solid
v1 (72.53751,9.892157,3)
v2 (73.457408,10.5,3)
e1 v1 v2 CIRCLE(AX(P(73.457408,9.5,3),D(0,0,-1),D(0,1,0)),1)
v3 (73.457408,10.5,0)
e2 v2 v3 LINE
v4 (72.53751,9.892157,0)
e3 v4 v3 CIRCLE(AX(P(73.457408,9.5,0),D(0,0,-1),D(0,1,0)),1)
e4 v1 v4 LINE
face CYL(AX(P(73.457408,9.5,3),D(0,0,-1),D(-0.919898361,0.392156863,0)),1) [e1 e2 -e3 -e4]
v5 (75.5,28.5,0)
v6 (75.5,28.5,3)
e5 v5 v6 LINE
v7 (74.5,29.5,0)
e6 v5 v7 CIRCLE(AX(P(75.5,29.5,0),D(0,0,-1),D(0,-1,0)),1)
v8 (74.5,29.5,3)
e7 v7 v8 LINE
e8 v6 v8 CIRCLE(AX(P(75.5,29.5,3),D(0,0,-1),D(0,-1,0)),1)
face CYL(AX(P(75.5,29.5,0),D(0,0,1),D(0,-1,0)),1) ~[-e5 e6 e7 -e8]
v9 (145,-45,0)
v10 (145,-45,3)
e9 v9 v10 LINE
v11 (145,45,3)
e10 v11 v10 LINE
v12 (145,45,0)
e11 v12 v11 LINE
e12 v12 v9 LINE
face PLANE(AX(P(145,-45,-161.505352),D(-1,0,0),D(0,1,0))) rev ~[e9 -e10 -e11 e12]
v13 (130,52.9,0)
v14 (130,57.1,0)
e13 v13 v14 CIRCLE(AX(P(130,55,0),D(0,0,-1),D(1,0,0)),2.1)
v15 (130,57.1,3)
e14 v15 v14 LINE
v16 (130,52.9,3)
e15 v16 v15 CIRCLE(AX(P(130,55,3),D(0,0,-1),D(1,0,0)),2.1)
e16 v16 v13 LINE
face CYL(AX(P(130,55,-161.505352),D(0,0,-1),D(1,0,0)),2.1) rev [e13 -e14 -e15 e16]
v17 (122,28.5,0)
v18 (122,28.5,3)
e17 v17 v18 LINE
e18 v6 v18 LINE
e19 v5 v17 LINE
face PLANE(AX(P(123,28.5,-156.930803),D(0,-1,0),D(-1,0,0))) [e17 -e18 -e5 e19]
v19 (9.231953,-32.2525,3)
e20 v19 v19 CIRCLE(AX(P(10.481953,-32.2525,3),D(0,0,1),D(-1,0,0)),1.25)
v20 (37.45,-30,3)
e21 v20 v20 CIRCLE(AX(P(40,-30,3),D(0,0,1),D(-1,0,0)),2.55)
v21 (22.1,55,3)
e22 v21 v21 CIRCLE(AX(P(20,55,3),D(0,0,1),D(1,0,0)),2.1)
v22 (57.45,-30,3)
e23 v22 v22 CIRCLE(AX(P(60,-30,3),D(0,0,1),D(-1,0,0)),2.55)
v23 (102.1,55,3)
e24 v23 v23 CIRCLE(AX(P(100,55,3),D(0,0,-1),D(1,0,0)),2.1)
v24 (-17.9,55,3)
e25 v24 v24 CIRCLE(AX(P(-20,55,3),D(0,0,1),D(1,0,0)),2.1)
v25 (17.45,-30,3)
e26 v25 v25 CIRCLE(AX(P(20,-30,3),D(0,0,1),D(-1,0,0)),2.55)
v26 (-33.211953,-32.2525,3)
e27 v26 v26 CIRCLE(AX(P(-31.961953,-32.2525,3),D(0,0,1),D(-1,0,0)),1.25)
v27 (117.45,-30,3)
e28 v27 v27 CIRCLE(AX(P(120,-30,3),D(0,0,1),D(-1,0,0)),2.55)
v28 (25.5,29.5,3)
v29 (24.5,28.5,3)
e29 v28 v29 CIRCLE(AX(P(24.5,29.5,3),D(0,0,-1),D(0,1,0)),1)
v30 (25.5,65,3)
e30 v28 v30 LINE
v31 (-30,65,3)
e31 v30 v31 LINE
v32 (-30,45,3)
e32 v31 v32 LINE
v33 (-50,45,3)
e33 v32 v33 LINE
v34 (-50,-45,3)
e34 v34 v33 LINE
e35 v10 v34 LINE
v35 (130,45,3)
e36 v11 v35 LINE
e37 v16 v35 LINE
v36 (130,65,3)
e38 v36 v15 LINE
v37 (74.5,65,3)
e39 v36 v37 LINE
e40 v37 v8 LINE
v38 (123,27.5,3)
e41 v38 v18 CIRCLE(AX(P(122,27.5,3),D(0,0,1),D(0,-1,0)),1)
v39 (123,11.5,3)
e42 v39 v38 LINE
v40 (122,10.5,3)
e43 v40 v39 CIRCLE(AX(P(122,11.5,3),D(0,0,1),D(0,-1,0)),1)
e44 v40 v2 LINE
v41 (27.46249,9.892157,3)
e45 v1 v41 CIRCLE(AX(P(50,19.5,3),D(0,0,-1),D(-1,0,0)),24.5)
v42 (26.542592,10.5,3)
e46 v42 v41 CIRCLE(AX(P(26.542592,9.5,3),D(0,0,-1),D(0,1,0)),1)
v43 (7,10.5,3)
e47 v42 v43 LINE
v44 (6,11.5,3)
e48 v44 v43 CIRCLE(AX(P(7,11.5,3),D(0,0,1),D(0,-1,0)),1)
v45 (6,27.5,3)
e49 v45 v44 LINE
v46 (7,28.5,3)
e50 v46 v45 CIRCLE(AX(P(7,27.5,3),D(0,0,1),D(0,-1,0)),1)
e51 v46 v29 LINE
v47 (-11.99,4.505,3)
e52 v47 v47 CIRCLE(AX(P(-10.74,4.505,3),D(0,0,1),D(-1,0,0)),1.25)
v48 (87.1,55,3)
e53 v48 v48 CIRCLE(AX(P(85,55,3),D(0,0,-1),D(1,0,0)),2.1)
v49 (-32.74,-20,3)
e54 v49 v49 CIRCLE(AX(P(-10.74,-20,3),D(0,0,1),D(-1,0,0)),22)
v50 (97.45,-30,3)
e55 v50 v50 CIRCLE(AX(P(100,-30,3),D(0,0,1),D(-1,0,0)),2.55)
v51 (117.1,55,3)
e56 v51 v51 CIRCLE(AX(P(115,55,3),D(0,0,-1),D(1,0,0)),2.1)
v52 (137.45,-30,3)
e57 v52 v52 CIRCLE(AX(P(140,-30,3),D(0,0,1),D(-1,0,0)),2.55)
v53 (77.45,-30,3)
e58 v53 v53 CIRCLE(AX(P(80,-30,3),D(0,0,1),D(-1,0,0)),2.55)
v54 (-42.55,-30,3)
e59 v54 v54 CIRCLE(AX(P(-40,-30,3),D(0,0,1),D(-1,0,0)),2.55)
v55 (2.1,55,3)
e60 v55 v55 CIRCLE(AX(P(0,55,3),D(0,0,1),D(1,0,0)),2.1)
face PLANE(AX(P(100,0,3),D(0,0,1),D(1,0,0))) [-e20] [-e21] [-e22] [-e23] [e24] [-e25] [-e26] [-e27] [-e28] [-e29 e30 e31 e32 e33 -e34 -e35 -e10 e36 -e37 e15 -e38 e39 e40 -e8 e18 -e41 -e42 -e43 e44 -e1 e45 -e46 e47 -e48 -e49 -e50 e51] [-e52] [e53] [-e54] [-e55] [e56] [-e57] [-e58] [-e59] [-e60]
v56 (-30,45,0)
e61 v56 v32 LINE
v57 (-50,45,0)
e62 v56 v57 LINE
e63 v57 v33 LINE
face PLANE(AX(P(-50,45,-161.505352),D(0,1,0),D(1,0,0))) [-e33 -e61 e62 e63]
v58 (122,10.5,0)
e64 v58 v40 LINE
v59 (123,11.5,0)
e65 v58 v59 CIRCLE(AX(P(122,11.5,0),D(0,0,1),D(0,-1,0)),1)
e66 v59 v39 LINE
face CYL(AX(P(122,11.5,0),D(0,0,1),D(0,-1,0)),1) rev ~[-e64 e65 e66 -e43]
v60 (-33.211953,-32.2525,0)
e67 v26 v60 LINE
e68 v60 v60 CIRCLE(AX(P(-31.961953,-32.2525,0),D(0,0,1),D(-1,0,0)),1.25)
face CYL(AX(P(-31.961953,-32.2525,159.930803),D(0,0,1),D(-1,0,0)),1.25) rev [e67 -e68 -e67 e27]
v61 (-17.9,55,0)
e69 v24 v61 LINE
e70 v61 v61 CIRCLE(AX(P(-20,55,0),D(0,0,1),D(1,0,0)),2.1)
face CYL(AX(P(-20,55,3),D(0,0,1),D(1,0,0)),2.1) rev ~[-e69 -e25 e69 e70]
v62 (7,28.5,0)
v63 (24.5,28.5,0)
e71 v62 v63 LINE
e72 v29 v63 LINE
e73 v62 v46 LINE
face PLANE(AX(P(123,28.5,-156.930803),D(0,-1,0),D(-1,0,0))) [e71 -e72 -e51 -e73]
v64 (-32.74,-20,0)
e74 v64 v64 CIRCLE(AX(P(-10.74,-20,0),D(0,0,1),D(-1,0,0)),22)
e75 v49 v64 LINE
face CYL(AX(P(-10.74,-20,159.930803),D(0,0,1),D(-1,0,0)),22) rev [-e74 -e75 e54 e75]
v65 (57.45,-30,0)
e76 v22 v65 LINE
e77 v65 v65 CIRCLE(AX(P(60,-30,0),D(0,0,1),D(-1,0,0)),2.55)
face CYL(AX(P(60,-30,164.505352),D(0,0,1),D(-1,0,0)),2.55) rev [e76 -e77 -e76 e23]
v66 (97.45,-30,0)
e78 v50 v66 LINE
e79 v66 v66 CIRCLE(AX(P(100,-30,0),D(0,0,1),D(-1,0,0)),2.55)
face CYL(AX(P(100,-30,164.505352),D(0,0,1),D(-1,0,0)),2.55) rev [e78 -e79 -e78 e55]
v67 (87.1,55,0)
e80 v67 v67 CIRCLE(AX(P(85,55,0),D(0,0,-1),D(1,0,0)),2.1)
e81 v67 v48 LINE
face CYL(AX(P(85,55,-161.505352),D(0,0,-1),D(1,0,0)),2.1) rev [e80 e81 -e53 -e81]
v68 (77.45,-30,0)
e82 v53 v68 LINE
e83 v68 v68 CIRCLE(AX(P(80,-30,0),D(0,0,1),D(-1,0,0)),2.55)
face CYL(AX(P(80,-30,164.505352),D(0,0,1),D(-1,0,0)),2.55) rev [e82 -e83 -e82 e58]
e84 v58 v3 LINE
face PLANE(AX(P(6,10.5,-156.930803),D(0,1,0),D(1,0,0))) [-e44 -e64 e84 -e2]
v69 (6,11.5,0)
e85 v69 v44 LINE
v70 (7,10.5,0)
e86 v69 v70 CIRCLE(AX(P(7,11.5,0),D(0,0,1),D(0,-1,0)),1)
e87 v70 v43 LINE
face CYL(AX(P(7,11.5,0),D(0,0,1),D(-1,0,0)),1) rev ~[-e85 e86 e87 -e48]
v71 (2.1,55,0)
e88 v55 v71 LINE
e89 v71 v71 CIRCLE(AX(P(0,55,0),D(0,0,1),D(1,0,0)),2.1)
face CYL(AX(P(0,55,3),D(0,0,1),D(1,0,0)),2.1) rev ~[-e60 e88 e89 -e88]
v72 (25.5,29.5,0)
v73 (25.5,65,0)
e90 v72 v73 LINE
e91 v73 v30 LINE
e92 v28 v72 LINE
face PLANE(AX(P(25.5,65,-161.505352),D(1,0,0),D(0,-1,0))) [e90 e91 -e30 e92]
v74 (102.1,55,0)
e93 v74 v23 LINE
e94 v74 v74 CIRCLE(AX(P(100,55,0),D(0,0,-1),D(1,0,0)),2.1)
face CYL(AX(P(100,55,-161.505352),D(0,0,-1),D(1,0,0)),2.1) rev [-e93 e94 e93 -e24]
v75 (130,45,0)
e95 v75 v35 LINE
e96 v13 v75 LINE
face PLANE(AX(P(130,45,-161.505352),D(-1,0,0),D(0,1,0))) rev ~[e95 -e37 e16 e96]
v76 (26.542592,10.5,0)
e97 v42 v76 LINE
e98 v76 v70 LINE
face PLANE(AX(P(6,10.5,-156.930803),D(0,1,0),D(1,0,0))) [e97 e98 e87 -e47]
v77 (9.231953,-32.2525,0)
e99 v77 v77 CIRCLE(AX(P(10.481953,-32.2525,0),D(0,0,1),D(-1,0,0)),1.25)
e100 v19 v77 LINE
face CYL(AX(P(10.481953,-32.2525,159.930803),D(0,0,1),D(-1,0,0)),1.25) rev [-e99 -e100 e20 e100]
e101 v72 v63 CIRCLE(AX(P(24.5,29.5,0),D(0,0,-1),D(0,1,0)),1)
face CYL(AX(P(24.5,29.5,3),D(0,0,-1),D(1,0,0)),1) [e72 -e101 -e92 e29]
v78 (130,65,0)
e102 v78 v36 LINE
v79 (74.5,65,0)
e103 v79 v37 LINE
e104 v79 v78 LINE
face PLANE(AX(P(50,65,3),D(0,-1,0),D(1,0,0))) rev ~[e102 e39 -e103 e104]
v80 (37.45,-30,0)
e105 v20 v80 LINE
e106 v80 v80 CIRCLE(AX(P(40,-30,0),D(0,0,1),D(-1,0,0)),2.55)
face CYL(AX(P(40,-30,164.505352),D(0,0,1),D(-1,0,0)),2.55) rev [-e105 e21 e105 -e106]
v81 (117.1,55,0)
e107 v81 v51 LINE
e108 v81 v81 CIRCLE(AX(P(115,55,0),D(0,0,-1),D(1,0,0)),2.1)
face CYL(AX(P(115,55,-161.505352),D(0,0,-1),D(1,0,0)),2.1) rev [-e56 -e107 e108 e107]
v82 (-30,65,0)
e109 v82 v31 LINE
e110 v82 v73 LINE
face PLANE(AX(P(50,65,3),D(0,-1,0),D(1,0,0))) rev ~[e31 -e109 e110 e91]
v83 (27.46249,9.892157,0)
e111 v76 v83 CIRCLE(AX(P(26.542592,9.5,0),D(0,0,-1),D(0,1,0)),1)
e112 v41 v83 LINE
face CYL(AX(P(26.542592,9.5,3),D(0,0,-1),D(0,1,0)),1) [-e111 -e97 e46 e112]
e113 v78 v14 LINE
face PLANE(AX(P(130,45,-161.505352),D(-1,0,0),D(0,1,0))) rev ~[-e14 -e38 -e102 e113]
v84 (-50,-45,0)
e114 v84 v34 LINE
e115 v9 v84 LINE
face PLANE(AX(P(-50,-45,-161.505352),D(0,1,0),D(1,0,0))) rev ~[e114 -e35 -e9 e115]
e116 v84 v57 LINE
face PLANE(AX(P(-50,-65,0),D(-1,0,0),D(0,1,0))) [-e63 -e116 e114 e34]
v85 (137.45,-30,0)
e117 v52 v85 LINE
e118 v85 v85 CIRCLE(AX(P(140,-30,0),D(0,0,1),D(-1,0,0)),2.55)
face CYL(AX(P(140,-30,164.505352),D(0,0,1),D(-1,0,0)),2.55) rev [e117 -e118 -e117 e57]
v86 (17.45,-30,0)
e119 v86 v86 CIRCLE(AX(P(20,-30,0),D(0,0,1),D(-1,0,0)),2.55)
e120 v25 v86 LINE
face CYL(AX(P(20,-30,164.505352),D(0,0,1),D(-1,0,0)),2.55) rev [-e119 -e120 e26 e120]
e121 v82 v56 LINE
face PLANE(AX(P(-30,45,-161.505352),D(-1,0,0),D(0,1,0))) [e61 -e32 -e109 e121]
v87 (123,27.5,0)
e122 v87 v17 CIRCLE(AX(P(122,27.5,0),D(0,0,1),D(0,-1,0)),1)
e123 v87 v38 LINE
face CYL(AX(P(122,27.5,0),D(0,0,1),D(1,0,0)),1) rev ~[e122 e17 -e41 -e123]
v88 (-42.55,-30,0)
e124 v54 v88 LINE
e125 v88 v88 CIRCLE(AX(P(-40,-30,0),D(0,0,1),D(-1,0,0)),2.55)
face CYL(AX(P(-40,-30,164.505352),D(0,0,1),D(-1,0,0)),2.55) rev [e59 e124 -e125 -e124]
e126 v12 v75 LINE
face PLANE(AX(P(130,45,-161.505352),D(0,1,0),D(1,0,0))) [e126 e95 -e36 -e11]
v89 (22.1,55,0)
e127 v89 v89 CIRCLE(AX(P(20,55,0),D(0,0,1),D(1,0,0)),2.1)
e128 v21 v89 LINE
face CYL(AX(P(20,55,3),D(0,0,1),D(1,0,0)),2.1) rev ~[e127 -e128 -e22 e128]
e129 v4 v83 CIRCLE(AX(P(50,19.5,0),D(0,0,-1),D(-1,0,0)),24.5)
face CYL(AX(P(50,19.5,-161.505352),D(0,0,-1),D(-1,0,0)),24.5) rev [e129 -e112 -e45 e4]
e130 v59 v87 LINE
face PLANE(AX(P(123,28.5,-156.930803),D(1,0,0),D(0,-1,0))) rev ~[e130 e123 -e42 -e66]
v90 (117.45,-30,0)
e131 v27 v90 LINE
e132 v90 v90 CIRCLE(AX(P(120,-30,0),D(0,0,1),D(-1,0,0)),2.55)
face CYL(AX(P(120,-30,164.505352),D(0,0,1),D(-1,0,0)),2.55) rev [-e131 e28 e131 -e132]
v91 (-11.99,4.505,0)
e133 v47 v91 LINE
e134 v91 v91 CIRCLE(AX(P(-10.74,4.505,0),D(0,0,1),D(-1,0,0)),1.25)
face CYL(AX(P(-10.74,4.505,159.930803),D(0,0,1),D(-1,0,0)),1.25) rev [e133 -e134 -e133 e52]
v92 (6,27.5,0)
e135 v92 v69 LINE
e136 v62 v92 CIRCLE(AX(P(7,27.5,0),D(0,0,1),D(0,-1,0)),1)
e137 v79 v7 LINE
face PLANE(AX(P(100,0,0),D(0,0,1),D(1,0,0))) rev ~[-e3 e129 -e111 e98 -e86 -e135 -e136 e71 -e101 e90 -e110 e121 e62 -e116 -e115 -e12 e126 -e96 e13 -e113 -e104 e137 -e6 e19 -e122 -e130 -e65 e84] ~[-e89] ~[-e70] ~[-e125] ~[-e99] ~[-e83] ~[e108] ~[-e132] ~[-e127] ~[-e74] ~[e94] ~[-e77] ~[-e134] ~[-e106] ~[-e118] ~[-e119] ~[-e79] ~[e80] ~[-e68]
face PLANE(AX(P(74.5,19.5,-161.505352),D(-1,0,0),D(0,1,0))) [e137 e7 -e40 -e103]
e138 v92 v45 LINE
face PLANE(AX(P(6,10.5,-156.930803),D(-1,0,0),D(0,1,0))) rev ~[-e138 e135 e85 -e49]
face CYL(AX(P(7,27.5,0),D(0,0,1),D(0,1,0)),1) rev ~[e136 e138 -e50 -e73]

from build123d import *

# Parameters (mm, degrees)
SKETCH_1_W                = 100
SKETCH_1_H                = 130
EXTRUDE_1_DEPTH           = 3
SKETCH_2_R                = 2.1
CUT_EXTRUDE_1_DEPTH       = 83.060952956
SKETCH_5_W                = 100
SKETCH_5_H                = 130
EXTRUDE_2_DEPTH           = 3
CUT_EXTRUDE_4_DEPTH       = 164.505351594
CUT_EXTRUDE_4_DEPTH_BACK  = 164.505351594
SKETCH_6_R                = 2.1
CUT_EXTRUDE_5_DEPTH       = 164.505351594
CUT_EXTRUDE_5_DEPTH_BACK  = 164.505351594
SKETCH_7_R                = 2.55
CUT_EXTRUDE_6_DEPTH       = 164.505351594
CUT_EXTRUDE_6_DEPTH_BACK  = 164.505351594
CUT_EXTRUDE_7_DEPTH       = 164.505351594
CUT_EXTRUDE_7_DEPTH_BACK  = 164.505351594
SKETCH_12_W               = 20
SKETCH_12_H               = 20
CUT_EXTRUDE_8_DEPTH       = 164.505351594
CUT_EXTRUDE_8_DEPTH_BACK  = 164.505351594
SKETCH_13_W               = 200
SKETCH_13_H               = 20
CUT_EXTRUDE_9_DEPTH       = 164.505351594
CUT_EXTRUDE_9_DEPTH_BACK  = 164.505351594
SKETCH_14_W               = 5
SKETCH_14_H               = 90
CUT_EXTRUDE_10_DEPTH      = 159.930802553
CUT_EXTRUDE_10_DEPTH_BACK = 159.930802553
SKETCH_15_R               = 1.25
SKETCH_15_R_2             = 22
CUT_EXTRUDE_11_DEPTH      = 159.930802553
CUT_EXTRUDE_11_DEPTH_BACK = 159.930802553
FILLET_1_R                = 1


with BuildPart() as part:
    # 草图1 → 凸台-拉伸1 (new body)
    with BuildSketch(Plane.XY):
        Rectangle(SKETCH_1_W, SKETCH_1_H)
    extrude(amount=EXTRUDE_1_DEPTH)

    # 草图2 → 切除-拉伸1 (cut, through all)
    with BuildSketch(Plane.XY.offset(3)):
        with Locations((-40, 55)):
            Circle(SKETCH_2_R)
        with Locations((-20, 55)):
            Circle(SKETCH_2_R)
        with Locations((0, 55)):
            Circle(SKETCH_2_R)
        with Locations((20, 55)):
            Circle(SKETCH_2_R)
        with Locations((40, 55)):
            Circle(SKETCH_2_R)
        with Locations((-40, -55)):
            Circle(SKETCH_2_R)
        with Locations(Location((40, -55, 0), (0, 0, 180))):
            Circle(SKETCH_2_R)
        with Locations(Location((20, -55, 0), (0, 0, 180))):
            Circle(SKETCH_2_R)
        with Locations(Location((0, -55, 0), (0, 0, 180))):
            Circle(SKETCH_2_R)
        with Locations(Location((-20, -55, 0), (0, 0, 180))):
            Circle(SKETCH_2_R)
    extrude(amount=-CUT_EXTRUDE_1_DEPTH, mode=Mode.SUBTRACT)

    # 草图5 → 凸台-拉伸2 (add)
    with BuildSketch(Plane.XY.offset(3)):
        with Locations((100, 0)):
            Rectangle(SKETCH_5_W, SKETCH_5_H)
    extrude(amount=-EXTRUDE_2_DEPTH)

    # 草图6 → 切除-拉伸4 (cut, two sides: drawn at the far end of the back side and taken through both)
    with BuildSketch(Plane.XY.offset(3).offset(-CUT_EXTRUDE_4_DEPTH_BACK)):
        with Locations((55, 55)):
            Circle(SKETCH_6_R)
        with Locations((70, 55)):
            Circle(SKETCH_6_R)
        with Locations((85, 55)):
            Circle(SKETCH_6_R)
        with Locations((100, 55)):
            Circle(SKETCH_6_R)
        with Locations((115, 55)):
            Circle(SKETCH_6_R)
        with Locations((130, 55)):
            Circle(SKETCH_6_R)
        with Locations((145, 55)):
            Circle(SKETCH_6_R)
        with Locations((145, -55)):
            Circle(SKETCH_6_R)
        with Locations((130, -55)):
            Circle(SKETCH_6_R)
        with Locations((115, -55)):
            Circle(SKETCH_6_R)
        with Locations((100, -55)):
            Circle(SKETCH_6_R)
        with Locations((85, -55)):
            Circle(SKETCH_6_R)
        with Locations((70, -55)):
            Circle(SKETCH_6_R)
        with Locations((55, -55)):
            Circle(SKETCH_6_R)
    extrude(amount=CUT_EXTRUDE_4_DEPTH + CUT_EXTRUDE_4_DEPTH_BACK, mode=Mode.SUBTRACT)

    # 草图7 → 切除-拉伸5 (cut, two sides: drawn at the far end of the back side and taken through both)
    with BuildSketch(Plane(origin=(0, 0, 0), x_dir=(-1, 0, 0), z_dir=(0, 0, -1)).offset(-CUT_EXTRUDE_5_DEPTH_BACK)):
        with Locations((-140, -30)):
            Circle(SKETCH_7_R)
        with Locations((-120, -30)):
            Circle(SKETCH_7_R)
        with Locations((-100, -30)):
            Circle(SKETCH_7_R)
        with Locations((-80, -30)):
            Circle(SKETCH_7_R)
        with Locations((-60, -30)):
            Circle(SKETCH_7_R)
        with Locations((-40, -30)):
            Circle(SKETCH_7_R)
        with Locations((-20, -30)):
            Circle(SKETCH_7_R)
        with Locations((0, -30)):
            Circle(SKETCH_7_R)
        with Locations((20, -30)):
            Circle(SKETCH_7_R)
        with Locations((40, -30)):
            Circle(SKETCH_7_R)
    extrude(amount=CUT_EXTRUDE_5_DEPTH + CUT_EXTRUDE_5_DEPTH_BACK, mode=Mode.SUBTRACT)

    # 草图11 → 切除-拉伸6 (cut, two sides: drawn at the far end of the back side and taken through both)
    with BuildSketch(Plane.XY.offset(3).offset(-CUT_EXTRUDE_6_DEPTH_BACK)):
        with BuildLine():
            Line((74.5, 19.5), (74.5, 65))
            Line((74.5, 65), (25.5, 65))
            Line((25.5, 65), (25.5, 19.5))
            ThreePointArc((25.5, 19.5), (50, -5), (74.5, 19.5))
        make_face()
    extrude(amount=CUT_EXTRUDE_6_DEPTH + CUT_EXTRUDE_6_DEPTH_BACK, mode=Mode.SUBTRACT)

    # 草图12 → 切除-拉伸7 (cut, two sides: drawn at the far end of the back side and taken through both)
    with BuildSketch(Plane.XY.offset(3).offset(-CUT_EXTRUDE_7_DEPTH_BACK)):
        with Locations((-40, 55)):
            Rectangle(SKETCH_12_W, SKETCH_12_H)
        with Locations((140, 55)):
            Rectangle(SKETCH_12_W, SKETCH_12_H)
    extrude(amount=CUT_EXTRUDE_7_DEPTH + CUT_EXTRUDE_7_DEPTH_BACK, mode=Mode.SUBTRACT)

    # 草图13 → 切除-拉伸8 (cut, two sides: drawn at the far end of the back side and taken through both)
    with BuildSketch(Plane.XY.offset(3).offset(-CUT_EXTRUDE_8_DEPTH_BACK)):
        with Locations((50, -55)):
            Rectangle(SKETCH_13_W, SKETCH_13_H)
    extrude(amount=CUT_EXTRUDE_8_DEPTH + CUT_EXTRUDE_8_DEPTH_BACK, mode=Mode.SUBTRACT)

    # 草图14 → 切除-拉伸9 (cut, two sides: drawn at the far end of the back side and taken through both)
    with BuildSketch(Plane.XY.offset(3).offset(-CUT_EXTRUDE_9_DEPTH_BACK)):
        with Locations((147.5, 0)):
            Rectangle(SKETCH_14_W, SKETCH_14_H)
    extrude(amount=CUT_EXTRUDE_9_DEPTH + CUT_EXTRUDE_9_DEPTH_BACK, mode=Mode.SUBTRACT)

    # 草图15 → 切除-拉伸10 (cut, two sides: drawn at the far end of the back side and taken through both)
    with BuildSketch(Plane(origin=(0, 0, 0), x_dir=(-1, 0, 0), z_dir=(0, 0, -1)).offset(-CUT_EXTRUDE_10_DEPTH_BACK)):
        with Locations((10.74, 4.505)):
            Circle(SKETCH_15_R)
        with Locations((31.96195252, -32.2525)):
            Circle(SKETCH_15_R)
        with Locations((-10.48195252, -32.2525)):
            Circle(SKETCH_15_R)
        with Locations((10.74, -20)):
            Circle(SKETCH_15_R_2)
    extrude(amount=CUT_EXTRUDE_10_DEPTH + CUT_EXTRUDE_10_DEPTH_BACK, mode=Mode.SUBTRACT)

    # 草图16 → 切除-拉伸11 (cut, two sides: drawn at the far end of the back side and taken through both)
    with BuildSketch(Plane.XY.offset(3).offset(-CUT_EXTRUDE_11_DEPTH_BACK)):
        Polygon((6, 10.5), (6, 28.5), (25.5, 28.5), (74.5, 28.5), (123, 28.5), (123, 10.5), (74.5, 10.5), (25.5, 10.5), align=None)
    extrude(amount=CUT_EXTRUDE_11_DEPTH + CUT_EXTRUDE_11_DEPTH_BACK, mode=Mode.SUBTRACT)

    # 圆角1
    fillet_1_edges = [part.edges().sort_by_distance(p)[0] for p in [
        (74.5, 28.5, 1.5),
        (27.21294227, 10.5, 1.5),
        (72.78705773, 10.5, 1.5),
        (123, 10.5, 1.5),
        (25.5, 28.5, 1.5),
        (6, 28.5, 1.5),
        (6, 10.5, 1.5),
        (123, 28.5, 1.5),
    ]]
    fillet(fillet_1_edges, radius=FILLET_1_R)


solid = part.part
